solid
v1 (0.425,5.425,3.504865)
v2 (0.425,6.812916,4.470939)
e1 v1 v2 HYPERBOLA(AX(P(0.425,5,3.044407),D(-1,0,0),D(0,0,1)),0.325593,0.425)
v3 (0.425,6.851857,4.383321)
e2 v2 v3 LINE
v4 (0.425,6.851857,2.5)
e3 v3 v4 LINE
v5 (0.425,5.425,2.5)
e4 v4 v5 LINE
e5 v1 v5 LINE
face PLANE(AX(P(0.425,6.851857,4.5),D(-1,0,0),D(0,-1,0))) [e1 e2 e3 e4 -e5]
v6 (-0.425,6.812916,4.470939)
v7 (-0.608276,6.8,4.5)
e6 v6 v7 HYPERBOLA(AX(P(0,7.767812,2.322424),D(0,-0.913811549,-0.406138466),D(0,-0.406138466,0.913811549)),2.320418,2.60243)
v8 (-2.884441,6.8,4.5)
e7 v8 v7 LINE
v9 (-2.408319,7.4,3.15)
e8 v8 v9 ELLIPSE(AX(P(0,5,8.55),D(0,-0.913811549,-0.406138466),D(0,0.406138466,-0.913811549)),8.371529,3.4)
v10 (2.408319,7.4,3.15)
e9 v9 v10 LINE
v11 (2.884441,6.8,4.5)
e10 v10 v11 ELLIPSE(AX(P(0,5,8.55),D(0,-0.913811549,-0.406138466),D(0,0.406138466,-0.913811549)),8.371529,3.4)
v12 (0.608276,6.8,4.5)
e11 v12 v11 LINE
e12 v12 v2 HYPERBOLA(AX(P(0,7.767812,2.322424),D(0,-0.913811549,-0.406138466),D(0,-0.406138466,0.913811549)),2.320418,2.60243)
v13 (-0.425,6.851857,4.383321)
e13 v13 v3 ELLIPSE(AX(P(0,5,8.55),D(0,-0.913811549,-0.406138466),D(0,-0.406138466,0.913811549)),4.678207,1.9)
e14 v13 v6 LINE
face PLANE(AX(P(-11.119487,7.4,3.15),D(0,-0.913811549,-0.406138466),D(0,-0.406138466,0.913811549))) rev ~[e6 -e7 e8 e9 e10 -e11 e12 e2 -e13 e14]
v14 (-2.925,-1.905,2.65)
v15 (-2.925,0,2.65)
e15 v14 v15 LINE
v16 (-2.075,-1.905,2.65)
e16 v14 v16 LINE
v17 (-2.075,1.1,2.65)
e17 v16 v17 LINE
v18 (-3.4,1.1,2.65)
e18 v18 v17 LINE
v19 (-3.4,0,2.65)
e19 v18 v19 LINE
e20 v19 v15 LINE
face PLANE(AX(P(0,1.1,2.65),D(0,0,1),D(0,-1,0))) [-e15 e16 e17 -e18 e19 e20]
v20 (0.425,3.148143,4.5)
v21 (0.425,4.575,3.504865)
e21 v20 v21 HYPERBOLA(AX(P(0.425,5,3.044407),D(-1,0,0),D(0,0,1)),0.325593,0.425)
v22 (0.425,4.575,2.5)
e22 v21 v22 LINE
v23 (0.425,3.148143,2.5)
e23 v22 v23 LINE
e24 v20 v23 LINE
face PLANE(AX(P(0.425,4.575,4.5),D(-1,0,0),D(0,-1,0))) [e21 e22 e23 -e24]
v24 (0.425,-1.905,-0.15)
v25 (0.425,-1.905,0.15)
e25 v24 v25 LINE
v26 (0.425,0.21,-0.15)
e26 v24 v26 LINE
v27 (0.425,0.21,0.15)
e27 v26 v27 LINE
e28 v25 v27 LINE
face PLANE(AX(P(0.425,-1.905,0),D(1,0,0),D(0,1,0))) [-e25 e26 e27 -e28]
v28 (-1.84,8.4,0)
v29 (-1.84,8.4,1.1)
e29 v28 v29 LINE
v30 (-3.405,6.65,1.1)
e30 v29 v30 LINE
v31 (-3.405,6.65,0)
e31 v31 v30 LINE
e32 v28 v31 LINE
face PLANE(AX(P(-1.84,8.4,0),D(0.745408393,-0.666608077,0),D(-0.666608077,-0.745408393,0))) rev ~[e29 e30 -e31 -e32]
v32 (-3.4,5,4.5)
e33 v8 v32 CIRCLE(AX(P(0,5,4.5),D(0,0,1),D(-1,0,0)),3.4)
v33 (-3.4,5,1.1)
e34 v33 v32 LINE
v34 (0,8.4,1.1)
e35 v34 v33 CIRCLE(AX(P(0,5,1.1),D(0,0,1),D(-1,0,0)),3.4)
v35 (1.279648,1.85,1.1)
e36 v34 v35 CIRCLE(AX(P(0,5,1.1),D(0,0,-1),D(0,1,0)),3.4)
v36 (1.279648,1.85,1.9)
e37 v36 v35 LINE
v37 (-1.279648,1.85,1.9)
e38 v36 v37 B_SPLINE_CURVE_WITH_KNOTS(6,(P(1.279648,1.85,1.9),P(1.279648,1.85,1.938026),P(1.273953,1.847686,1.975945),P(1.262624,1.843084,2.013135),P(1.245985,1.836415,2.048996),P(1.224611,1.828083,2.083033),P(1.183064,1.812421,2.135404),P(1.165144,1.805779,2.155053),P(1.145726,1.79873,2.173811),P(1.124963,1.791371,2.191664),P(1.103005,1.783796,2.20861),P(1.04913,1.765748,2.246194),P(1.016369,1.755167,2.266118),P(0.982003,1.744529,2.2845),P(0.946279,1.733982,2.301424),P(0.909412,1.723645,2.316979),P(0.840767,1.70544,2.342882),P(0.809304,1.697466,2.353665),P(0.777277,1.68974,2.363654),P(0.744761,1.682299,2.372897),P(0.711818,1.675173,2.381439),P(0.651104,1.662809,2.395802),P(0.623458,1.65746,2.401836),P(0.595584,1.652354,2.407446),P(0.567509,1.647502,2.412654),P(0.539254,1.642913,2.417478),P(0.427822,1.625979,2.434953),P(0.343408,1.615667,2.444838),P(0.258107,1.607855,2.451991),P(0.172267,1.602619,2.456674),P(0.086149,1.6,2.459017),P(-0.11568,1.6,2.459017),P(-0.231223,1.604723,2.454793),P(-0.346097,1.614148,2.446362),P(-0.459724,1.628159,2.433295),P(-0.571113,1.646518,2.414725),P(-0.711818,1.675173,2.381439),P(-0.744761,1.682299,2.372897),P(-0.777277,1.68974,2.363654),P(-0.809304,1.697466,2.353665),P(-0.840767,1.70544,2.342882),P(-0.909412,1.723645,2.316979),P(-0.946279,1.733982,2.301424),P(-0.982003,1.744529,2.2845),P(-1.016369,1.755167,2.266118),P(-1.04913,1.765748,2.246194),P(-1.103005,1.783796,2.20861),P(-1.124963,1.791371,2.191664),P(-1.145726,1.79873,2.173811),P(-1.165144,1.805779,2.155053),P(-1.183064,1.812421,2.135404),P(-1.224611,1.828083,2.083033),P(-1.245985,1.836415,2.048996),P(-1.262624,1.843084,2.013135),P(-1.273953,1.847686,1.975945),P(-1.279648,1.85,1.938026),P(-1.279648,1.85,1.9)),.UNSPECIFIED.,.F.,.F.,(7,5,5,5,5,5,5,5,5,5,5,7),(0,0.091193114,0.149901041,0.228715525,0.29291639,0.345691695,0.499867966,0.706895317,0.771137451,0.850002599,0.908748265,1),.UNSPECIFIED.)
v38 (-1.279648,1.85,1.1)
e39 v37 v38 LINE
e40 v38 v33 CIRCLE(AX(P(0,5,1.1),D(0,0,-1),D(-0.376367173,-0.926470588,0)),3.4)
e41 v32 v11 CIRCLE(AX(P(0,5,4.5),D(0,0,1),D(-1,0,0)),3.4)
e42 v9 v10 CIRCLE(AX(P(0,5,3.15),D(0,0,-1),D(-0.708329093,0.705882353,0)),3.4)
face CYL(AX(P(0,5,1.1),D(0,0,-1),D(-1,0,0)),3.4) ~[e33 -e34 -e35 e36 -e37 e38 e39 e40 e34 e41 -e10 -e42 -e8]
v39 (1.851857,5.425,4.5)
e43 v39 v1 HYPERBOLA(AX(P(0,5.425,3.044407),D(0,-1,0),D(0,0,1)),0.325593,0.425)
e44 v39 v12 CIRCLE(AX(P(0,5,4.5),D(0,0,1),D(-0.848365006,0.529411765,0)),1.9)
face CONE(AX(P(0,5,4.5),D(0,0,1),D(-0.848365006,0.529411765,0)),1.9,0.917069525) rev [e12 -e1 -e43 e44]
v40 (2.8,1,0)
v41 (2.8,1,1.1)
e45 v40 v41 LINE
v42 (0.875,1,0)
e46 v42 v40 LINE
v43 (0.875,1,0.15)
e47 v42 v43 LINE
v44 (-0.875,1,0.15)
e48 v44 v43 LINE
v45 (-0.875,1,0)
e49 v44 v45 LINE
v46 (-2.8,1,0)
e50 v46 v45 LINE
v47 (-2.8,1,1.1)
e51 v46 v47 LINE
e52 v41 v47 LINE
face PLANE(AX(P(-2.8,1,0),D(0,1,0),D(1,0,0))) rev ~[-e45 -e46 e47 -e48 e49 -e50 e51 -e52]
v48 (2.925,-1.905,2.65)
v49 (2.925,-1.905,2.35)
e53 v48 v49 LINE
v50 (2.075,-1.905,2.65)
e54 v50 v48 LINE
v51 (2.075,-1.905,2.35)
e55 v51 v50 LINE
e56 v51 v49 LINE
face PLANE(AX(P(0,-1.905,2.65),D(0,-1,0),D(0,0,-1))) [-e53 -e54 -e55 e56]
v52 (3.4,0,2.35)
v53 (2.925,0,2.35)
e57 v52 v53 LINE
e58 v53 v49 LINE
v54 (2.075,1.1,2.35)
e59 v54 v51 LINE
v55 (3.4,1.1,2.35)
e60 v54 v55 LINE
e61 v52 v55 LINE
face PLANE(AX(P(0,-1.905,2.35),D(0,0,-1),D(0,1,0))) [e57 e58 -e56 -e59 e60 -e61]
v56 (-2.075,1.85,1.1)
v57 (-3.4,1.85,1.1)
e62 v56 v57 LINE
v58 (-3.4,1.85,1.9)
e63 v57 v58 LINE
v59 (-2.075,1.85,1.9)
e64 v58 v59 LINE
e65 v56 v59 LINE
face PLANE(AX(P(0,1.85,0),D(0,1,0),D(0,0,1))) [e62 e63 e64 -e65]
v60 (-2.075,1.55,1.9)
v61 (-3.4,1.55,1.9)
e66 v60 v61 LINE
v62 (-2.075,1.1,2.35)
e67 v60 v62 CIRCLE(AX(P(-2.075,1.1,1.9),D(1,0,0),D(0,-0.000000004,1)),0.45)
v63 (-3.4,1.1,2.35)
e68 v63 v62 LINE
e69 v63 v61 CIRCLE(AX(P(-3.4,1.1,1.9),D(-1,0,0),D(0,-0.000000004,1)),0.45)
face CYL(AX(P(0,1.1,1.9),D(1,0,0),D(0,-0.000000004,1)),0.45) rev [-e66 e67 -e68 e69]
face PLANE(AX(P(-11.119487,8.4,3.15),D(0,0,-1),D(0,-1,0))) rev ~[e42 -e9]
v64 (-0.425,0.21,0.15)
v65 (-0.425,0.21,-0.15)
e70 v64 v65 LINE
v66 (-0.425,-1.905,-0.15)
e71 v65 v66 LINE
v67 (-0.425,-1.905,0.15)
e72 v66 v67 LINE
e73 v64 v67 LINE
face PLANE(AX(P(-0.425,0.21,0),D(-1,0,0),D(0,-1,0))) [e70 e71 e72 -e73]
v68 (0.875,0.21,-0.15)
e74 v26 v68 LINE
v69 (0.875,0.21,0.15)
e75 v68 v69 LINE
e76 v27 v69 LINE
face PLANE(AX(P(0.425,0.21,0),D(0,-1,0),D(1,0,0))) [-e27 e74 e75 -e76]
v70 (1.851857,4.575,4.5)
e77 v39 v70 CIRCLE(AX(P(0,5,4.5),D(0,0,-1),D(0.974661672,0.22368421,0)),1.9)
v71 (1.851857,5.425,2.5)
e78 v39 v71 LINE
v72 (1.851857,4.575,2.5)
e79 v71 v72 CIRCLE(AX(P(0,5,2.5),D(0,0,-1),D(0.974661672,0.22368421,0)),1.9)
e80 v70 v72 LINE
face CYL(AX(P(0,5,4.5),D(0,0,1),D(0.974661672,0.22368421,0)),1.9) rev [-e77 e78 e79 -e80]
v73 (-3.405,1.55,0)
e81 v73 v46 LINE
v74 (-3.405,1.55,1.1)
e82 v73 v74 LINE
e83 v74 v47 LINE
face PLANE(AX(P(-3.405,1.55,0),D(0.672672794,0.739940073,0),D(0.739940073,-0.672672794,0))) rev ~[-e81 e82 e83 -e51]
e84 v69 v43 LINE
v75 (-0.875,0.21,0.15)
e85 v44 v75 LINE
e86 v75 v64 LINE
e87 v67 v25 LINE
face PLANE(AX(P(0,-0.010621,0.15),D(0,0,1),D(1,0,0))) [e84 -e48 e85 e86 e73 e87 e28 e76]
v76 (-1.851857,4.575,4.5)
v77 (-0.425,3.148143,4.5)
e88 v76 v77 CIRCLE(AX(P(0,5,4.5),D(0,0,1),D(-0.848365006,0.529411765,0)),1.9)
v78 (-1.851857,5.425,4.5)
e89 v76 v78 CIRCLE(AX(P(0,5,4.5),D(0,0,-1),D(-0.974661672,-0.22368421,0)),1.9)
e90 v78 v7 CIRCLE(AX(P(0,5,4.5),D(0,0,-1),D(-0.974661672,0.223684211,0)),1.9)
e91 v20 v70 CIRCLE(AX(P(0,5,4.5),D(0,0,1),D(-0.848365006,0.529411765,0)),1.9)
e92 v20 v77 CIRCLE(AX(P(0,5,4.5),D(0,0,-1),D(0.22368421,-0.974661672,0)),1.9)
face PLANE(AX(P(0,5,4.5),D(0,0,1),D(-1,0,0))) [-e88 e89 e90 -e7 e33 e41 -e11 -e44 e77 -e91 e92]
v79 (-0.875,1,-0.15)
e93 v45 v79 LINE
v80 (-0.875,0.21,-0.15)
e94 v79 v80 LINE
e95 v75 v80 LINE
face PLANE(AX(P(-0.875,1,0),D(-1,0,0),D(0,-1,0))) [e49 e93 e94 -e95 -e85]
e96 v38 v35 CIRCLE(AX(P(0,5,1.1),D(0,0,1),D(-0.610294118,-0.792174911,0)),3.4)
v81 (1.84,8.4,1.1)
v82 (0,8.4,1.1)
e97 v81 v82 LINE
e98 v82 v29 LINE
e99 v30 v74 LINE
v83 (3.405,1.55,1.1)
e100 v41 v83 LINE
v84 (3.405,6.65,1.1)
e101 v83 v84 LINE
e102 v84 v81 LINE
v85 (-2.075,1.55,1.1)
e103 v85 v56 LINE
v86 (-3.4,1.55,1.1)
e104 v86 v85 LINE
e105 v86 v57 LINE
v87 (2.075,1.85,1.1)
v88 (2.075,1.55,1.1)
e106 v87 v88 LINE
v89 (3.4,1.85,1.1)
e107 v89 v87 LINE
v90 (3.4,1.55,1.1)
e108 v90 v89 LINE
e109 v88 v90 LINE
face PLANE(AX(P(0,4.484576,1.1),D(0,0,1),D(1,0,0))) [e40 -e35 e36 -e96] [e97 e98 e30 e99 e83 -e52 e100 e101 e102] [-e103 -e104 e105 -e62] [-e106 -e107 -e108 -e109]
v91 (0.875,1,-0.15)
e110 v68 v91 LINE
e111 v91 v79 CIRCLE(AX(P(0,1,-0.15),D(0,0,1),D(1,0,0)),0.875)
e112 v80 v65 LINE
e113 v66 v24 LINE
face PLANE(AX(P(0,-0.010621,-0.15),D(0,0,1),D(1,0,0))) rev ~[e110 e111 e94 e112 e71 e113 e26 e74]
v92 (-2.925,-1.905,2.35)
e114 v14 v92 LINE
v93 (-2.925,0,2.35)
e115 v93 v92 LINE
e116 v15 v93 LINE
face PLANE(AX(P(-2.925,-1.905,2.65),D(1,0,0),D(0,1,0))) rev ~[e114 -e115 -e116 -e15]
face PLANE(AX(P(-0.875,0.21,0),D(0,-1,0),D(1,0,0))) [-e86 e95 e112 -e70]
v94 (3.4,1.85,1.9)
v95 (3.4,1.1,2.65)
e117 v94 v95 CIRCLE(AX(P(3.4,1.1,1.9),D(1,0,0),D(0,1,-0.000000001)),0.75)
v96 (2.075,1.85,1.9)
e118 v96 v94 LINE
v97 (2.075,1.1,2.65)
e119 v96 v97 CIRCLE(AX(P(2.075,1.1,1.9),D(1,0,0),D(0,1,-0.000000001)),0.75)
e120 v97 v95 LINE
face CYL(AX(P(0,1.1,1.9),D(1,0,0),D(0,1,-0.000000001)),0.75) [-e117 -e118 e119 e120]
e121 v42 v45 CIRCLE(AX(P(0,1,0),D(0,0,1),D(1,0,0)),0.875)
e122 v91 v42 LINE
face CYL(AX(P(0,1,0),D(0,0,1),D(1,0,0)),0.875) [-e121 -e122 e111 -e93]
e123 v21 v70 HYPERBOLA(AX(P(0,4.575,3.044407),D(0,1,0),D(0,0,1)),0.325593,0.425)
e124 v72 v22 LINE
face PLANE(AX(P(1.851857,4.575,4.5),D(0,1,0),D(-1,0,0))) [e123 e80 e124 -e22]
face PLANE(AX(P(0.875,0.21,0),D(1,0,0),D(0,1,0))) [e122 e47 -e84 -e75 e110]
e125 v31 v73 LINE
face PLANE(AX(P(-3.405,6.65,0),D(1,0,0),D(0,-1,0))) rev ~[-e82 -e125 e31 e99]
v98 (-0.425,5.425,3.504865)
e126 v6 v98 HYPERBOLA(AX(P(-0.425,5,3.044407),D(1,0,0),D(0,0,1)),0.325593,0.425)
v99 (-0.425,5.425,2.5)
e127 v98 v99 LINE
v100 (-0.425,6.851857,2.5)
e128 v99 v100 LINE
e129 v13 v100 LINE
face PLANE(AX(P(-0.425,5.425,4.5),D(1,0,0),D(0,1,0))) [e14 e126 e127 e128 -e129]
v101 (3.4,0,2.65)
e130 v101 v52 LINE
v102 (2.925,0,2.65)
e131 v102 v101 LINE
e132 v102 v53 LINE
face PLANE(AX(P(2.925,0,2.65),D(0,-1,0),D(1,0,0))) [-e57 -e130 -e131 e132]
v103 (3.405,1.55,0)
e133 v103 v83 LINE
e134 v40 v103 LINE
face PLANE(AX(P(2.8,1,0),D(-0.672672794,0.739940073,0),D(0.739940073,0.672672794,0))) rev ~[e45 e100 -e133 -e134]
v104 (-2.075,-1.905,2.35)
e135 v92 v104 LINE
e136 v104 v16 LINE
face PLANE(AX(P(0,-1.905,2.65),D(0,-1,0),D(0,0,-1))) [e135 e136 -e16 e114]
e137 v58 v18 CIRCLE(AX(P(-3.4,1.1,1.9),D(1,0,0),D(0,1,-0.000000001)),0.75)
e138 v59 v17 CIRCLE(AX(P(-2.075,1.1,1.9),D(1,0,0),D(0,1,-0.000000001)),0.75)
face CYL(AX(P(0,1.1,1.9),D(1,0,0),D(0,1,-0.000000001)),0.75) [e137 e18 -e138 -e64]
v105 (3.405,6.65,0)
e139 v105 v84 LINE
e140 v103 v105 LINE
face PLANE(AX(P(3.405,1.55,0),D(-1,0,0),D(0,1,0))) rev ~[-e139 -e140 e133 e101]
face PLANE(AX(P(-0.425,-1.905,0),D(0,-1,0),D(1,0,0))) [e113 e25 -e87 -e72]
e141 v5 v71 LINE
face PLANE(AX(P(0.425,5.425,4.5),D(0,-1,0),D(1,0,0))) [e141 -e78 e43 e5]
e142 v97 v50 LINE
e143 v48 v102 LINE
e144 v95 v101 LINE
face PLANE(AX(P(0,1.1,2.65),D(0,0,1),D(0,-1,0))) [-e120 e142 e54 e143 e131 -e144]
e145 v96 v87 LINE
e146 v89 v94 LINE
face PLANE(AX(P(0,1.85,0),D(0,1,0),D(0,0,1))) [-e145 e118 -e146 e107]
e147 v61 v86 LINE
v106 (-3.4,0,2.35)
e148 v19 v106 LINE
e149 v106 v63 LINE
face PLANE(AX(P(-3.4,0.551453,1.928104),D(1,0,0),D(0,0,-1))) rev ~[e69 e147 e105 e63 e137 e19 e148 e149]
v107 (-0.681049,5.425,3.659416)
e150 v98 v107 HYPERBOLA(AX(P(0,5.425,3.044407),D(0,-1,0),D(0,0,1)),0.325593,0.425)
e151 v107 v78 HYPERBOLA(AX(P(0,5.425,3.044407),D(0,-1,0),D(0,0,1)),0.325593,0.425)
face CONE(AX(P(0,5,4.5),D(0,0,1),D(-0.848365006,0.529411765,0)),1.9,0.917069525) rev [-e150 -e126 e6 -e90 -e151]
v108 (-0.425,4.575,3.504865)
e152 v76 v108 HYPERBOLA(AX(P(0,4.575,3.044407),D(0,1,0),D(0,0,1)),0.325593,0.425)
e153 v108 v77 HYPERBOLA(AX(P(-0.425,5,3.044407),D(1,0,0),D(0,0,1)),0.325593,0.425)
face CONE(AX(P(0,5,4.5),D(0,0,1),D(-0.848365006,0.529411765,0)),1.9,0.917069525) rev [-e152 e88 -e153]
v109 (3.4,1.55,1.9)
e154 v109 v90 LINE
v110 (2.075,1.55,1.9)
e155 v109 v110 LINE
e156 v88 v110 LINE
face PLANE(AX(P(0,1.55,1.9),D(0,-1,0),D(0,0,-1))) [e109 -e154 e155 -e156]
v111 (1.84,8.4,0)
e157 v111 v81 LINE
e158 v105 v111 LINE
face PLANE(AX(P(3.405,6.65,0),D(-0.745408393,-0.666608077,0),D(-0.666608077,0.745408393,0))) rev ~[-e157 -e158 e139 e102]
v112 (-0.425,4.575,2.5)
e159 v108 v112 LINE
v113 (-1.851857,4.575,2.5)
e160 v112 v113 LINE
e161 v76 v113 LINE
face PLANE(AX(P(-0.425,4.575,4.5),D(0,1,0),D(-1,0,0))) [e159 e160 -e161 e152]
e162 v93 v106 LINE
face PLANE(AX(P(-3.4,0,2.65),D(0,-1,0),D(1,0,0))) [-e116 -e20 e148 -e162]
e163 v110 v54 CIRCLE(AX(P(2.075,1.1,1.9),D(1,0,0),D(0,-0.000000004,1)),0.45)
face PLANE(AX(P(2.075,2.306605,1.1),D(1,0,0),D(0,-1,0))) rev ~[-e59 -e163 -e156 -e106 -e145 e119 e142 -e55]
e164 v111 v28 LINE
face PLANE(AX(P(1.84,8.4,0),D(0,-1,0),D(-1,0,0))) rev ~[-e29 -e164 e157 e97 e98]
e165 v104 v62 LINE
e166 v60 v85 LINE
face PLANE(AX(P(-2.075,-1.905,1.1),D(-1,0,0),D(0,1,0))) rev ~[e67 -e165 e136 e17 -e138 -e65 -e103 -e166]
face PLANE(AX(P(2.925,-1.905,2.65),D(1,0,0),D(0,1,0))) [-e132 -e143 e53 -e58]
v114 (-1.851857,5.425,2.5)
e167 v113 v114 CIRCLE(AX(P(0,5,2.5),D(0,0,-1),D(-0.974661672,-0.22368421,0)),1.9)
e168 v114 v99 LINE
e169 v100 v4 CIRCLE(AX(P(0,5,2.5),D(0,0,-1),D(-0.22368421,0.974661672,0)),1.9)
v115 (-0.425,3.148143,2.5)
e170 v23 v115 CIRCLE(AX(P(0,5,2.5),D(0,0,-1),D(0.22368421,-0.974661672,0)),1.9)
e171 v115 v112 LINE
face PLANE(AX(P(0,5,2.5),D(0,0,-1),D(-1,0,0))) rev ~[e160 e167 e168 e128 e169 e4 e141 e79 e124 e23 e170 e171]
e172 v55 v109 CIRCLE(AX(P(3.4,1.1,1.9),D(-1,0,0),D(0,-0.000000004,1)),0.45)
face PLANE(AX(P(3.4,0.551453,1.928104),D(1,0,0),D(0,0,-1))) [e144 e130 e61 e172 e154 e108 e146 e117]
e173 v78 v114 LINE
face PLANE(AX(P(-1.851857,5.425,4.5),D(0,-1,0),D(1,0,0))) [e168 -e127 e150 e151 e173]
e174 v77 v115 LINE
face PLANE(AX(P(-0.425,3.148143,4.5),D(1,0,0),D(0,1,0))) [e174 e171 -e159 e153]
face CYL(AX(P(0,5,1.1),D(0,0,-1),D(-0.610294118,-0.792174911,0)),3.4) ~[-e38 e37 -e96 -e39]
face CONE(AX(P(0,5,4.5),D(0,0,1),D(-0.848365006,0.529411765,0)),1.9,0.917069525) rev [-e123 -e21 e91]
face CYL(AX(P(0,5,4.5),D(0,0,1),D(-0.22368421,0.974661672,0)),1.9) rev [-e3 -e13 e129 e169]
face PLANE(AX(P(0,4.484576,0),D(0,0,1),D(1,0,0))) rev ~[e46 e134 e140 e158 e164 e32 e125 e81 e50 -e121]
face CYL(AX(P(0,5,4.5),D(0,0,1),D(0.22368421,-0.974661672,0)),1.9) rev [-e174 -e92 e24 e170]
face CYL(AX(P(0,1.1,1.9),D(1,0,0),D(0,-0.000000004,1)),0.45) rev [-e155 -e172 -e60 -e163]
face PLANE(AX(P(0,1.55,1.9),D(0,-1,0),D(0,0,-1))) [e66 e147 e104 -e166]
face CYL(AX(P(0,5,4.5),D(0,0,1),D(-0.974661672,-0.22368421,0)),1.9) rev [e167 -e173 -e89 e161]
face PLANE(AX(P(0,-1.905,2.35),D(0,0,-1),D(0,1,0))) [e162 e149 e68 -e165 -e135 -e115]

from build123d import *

# Parameters (mm, degrees)
BOSS_EXTRUDE1_DEPTH     = 1.1
SKETCH2_R               = 3.4
BOSS_EXTRUDE2_DEPTH     = 3.4
CUT_EXTRUDE1_DEPTH      = 11.119487388
CUT_EXTRUDE1_DEPTH_BACK = 11.119487388
CUT_EXTRUDE2_DEPTH      = 2
BOSS_EXTRUDE3_DEPTH     = 0.15
BOSS_EXTRUDE4_DEPTH     = 3.4
CUT_EXTRUDE3_START      = -3.4
CUT_EXTRUDE3_DEPTH      = 1.55
SKETCH10_W              = 0.475
SKETCH10_H              = 1.905
CUT_EXTRUDE4_DEPTH      = 10.486518065


with BuildPart() as part:
    # Sketch1 → Boss-Extrude1 (new body)
    with BuildSketch(Plane.XY):
        Polygon((-1.84, 8.4), (-3.405, 6.65), (-3.405, 1.55), (-2.8, 1), (2.8, 1), (3.405, 1.55), (3.405, 6.65), (1.84, 8.4), align=None)
    extrude(amount=BOSS_EXTRUDE1_DEPTH)

    # Sketch2 → Boss-Extrude2 (add)
    with BuildSketch(Plane.XY.offset(1.1)):
        with Locations(Location((0, 5, 0), (0, 0, 180))):
            Circle(SKETCH2_R)
    extrude(amount=BOSS_EXTRUDE2_DEPTH)

    # Sketch3 → Cut-Extrude1 (cut, two sides: drawn at the far end of the back side and taken through both)
    with BuildSketch(Plane(origin=(0, 0, 0), x_dir=(0, 0, -1), z_dir=(1, 0, 0)).offset(-CUT_EXTRUDE1_DEPTH_BACK)):
        Polygon((-3.15, 8.4), (-3.15, 7.4), (-4.5, 6.8), (-4.5, 8.4), align=None)
    extrude(amount=CUT_EXTRUDE1_DEPTH + CUT_EXTRUDE1_DEPTH_BACK, mode=Mode.SUBTRACT)

    # Sketch5 → Cut-Revolve1 (revolve, cut)
    with BuildSketch(Plane(origin=(0, 5, 0), x_dir=(-1, 0, 0), z_dir=(0, 1, 0)), mode=Mode.PRIVATE) as cut_revolve1_sk:
        Polygon((0, 4.5), (-1.9, 4.5), (-0.425, 3.37), (0, 3.37), align=None)
    revolve(cut_revolve1_sk.sketch.rotate(Axis((0, 5, 3.37), (0, 0, 1)), 148.034281249), axis=Axis((0, 5, 3.37), (0, 0, 1)), mode=Mode.SUBTRACT)

    # Sketch6 → Cut-Extrude2 (cut)
    with BuildSketch(Plane.XY.offset(4.5)):
        with BuildLine():
            Line((0.425, 5.425), (1.851857176, 5.425))
            ThreePointArc((1.851857176, 5.425), (1.9, 5), (1.851857176, 4.575))
            Line((1.851857176, 4.575), (0.425, 4.575))
            Line((0.425, 4.575), (0.425, 3.148142824))
            ThreePointArc((0.425, 3.148142824), (0, 3.1), (-0.425, 3.148142824))
            Line((-0.425, 3.148142824), (-0.425, 4.575))
            Line((-0.425, 4.575), (-1.851857176, 4.575))
            ThreePointArc((-1.851857176, 4.575), (-1.9, 5), (-1.851857176, 5.425))
            Line((-1.851857176, 5.425), (-0.425, 5.425))
            Line((-0.425, 5.425), (-0.425, 6.851857176))
            ThreePointArc((-0.425, 6.851857176), (0, 6.9), (0.425, 6.851857176))
            Line((0.425, 6.851857176), (0.425, 5.425))
        make_face()
    extrude(amount=-CUT_EXTRUDE2_DEPTH, mode=Mode.SUBTRACT)

    # Sketch7 → Boss-Extrude3 (add, symmetric)
    with BuildSketch(Plane.XY):
        with BuildLine():
            Line((-0.425, 0.21), (-0.425, -1.905))
            Line((-0.425, -1.905), (0.425, -1.905))
            Line((0.425, -1.905), (0.425, 0.21))
            Line((0.425, 0.21), (0.875, 0.21))
            Line((0.875, 0.21), (0.875, 1))
            ThreePointArc((0.875, 1), (0, 1.875), (-0.875, 1))
            Line((-0.875, 1), (-0.875, 0.21))
            Line((-0.875, 0.21), (-0.425, 0.21))
        make_face()
    extrude(amount=BOSS_EXTRUDE3_DEPTH, both=True)

    # Sketch8 → Boss-Extrude4 (add, symmetric)
    with BuildSketch(Plane(origin=(0, 0, 0), x_dir=(0, 0, -1), z_dir=(1, 0, 0))):
        with BuildLine():
            Line((0, 1.85), (-1.9, 1.85))
            ThreePointArc((-1.9, 1.85), (-2.430330086, 1.630330086), (-2.65, 1.1))
            Line((-2.65, 1.1), (-2.65, -1.905))
            Line((-2.65, -1.905), (-2.35, -1.905))
            Line((-2.35, -1.905), (-2.35, 1.1))
            ThreePointArc((-2.35, 1.1), (-2.218198052, 1.418198052), (-1.9, 1.55))
            Line((-1.9, 1.55), (0, 1.55))
            Line((0, 1.55), (0, 1.85))
        make_face()
    extrude(amount=BOSS_EXTRUDE4_DEPTH, both=True)

    # Sketch9 → Cut-Extrude3 (cut)
    with BuildSketch(Plane.XY.offset(4.5).offset(CUT_EXTRUDE3_START)):
        with BuildLine():
            Line((-2.075, -1.905), (-2.075, 2.306605302))
            ThreePointArc((-2.075, 2.306605302), (0, 1.6), (2.075, 2.306605302))
            Line((2.075, 2.306605302), (2.075, -1.905))
            Line((2.075, -1.905), (-2.075, -1.905))
        make_face()
    extrude(amount=CUT_EXTRUDE3_DEPTH, mode=Mode.SUBTRACT)

    # Sketch10 → Cut-Extrude4 (cut, through all)
    with BuildSketch(Plane.XY.offset(2.65)):
        with Locations((-3.1625, -0.9525)):
            Rectangle(SKETCH10_W, SKETCH10_H)
        with Locations((3.1625, -0.9525)):
            Rectangle(SKETCH10_W, SKETCH10_H)
    extrude(amount=-CUT_EXTRUDE4_DEPTH, mode=Mode.SUBTRACT)


solid = part.part
